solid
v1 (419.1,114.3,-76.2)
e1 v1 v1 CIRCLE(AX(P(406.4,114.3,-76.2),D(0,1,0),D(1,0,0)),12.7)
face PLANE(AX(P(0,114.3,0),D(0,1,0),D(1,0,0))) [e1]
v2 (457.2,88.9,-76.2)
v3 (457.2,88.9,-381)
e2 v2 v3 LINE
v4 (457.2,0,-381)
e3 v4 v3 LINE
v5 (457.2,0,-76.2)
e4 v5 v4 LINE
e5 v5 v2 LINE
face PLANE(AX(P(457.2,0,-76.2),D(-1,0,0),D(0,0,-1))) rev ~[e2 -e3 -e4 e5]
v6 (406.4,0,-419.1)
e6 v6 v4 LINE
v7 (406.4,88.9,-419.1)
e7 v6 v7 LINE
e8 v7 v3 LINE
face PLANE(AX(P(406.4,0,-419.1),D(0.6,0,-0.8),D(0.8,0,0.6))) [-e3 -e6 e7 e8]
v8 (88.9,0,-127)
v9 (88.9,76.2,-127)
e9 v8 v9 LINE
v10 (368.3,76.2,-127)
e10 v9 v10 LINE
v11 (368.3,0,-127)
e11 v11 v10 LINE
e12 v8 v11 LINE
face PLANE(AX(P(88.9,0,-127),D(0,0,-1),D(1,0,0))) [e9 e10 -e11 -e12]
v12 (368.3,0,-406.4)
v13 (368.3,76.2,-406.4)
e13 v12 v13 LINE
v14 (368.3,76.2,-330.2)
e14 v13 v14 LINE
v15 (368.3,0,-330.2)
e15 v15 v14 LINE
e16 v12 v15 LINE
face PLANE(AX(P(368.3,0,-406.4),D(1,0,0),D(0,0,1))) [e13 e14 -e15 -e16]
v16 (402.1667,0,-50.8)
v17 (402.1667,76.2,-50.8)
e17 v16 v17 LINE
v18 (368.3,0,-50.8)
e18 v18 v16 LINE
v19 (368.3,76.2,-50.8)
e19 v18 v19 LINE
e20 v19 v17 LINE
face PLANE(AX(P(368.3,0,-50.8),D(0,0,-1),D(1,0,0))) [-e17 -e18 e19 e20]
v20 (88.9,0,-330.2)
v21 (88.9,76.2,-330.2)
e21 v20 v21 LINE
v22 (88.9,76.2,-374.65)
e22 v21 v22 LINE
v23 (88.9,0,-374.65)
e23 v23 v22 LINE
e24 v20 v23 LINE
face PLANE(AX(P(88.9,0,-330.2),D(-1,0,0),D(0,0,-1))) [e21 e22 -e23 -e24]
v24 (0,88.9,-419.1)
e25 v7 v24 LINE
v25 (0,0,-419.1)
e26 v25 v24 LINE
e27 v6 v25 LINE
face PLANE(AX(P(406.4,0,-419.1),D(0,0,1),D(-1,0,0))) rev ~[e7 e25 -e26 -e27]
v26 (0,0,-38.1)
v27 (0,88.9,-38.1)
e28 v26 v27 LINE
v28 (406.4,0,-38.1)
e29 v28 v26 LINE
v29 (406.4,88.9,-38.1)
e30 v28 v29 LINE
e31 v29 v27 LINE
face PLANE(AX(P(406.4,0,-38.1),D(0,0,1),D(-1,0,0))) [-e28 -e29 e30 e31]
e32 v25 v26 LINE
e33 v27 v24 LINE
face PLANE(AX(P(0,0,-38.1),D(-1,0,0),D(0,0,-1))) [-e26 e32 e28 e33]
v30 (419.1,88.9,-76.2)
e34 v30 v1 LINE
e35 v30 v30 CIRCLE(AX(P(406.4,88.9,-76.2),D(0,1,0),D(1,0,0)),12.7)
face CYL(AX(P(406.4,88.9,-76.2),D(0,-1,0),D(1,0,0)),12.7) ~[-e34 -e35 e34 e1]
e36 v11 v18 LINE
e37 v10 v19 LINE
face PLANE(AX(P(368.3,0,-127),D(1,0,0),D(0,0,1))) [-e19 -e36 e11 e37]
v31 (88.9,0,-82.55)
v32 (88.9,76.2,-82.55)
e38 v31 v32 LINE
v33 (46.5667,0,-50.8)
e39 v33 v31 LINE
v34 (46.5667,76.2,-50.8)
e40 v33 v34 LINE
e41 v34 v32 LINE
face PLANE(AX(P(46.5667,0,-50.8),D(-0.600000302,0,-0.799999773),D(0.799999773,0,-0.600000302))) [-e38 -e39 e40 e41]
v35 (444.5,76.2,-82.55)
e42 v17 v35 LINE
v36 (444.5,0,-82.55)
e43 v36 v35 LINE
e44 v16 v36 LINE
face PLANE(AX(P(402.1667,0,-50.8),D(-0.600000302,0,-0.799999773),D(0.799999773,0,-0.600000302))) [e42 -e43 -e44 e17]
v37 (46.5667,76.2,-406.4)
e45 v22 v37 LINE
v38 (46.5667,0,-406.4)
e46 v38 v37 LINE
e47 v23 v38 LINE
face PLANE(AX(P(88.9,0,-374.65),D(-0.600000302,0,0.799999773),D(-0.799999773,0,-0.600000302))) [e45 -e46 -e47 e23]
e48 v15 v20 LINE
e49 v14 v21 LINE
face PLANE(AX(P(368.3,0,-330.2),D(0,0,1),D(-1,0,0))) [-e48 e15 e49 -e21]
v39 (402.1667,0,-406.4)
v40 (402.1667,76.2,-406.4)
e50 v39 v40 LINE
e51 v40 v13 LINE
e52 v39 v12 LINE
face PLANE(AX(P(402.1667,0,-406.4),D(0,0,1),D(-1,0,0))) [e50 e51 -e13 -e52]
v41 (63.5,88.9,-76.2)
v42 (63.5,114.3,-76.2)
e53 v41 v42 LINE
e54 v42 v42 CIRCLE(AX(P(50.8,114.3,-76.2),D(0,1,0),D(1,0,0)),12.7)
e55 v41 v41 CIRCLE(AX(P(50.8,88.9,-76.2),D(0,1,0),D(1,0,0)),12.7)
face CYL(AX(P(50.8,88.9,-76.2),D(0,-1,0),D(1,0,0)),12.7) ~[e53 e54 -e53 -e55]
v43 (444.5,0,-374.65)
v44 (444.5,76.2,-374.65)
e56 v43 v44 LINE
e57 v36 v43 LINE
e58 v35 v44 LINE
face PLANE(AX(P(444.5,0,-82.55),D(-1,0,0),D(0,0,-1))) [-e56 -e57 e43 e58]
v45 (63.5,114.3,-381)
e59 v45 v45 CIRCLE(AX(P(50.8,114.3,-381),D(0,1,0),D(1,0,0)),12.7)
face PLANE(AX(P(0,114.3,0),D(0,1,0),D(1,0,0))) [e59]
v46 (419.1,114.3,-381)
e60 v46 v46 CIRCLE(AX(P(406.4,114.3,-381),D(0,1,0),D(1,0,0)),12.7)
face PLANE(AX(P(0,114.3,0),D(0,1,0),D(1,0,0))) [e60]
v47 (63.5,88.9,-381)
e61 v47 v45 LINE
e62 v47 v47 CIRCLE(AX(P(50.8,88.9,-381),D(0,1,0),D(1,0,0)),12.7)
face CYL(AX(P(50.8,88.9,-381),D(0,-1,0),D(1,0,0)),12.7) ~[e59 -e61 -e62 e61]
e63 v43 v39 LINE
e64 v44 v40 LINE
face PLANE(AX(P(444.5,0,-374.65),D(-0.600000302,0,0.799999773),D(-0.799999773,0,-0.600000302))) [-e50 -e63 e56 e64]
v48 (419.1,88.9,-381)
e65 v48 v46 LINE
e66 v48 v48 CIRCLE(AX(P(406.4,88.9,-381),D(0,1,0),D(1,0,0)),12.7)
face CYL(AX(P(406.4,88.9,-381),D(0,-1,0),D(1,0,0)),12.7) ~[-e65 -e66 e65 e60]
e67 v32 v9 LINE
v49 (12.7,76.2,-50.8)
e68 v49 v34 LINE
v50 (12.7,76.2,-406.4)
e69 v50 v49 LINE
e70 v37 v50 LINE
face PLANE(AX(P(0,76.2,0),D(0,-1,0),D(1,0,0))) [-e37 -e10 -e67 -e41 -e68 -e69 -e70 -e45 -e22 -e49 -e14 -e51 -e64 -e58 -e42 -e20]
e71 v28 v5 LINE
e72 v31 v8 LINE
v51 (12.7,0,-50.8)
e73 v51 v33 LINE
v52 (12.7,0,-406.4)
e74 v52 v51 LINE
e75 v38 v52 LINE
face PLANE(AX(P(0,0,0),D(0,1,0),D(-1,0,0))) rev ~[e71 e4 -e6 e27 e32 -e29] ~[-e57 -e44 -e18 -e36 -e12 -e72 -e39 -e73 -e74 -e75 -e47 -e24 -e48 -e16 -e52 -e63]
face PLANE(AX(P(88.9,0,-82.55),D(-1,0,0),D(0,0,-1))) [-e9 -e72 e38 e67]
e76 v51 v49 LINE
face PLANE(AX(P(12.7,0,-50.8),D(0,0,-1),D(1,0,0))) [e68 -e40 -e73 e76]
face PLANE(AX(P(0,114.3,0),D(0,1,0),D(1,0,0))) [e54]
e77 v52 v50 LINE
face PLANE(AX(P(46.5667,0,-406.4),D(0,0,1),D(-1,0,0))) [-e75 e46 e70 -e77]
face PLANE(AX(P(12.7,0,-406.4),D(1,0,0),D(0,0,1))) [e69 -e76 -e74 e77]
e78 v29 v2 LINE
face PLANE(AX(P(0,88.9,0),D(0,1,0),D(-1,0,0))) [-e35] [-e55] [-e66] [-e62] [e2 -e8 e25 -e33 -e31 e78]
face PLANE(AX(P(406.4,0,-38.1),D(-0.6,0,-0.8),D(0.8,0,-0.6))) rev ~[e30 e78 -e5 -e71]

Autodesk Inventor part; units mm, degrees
ref_plane "YZ Plane" through (0, 0, 0) normal (1, 0, 0) x (0, 1, 0)
ref_plane "XZ Plane" through (0, 0, 0) normal (0, 1, 0) x (-1, 0, 0)
ref_plane "XY Plane" through (0, 0, 0) normal (0, 0, 1) x (1, 0, 0)
sketch "Sketch1" plane through (0, 0, 0) normal (0, 1, 0) x (-1, 0, 0)
  line L0 (0, 0) -> (-457.2, 0) construction
  line L1 (-457.2, -457.2) -> (0, -457.2) construction
  line L2 (0, -457.2) -> (0, 0) construction
  line L3 (0, 0) -> (0, -38.1) construction
  line L4 (0, -457.2) -> (0, -419.1) construction
  line L5 (0, -38.1) -> (0, -371.3712)
  line L6 (-457.2, -76.2) -> (-457.2, -381)
  line L7 (0, -371.3712) -> (0, -419.1)
  line L8 (-406.4, -38.1) -> (-457.2, -76.2)
  line L9 (-406.4, -419.1) -> (-457.2, -381)
  line L10 (-457.2, 0) -> (-457.2, -38.1) construction
  line L11 (-457.2, -76.2) -> (-457.2, -457.2) construction
  line L12 (-444.5, -82.55) -> (-444.5, -374.65)
  line L13 (-444.5, -374.65) -> (-402.1667, -406.4)
  line L14 (-12.7, -406.4) -> (-12.7, -371.3712)
  line L15 (-12.7, -371.3712) -> (-12.7, -50.8)
  line L16 (-402.1667, -50.8) -> (-444.5, -82.55)
  line L17 (-444.5, -82.55) -> (-444.5, -374.65)
  line L18 (-444.5, -374.65) -> (-402.1667, -406.4)
  line L19 (-12.7, -406.4) -> (-12.7, -371.3712)
  line L20 (-12.7, -371.3712) -> (-12.7, -50.8)
  line L21 (-402.1667, -50.8) -> (-444.5, -82.55)
  line L22 (-444.5, -82.55) -> (-444.5, -374.65)
  line L23 (-12.7, -406.4) -> (-12.7, -50.8)
  line L24 (-444.5, -82.55) -> (-444.5, -374.65)
  line L25 (-402.1667, -50.8) -> (-12.7, -50.8)
  line L26 (-406.4, -38.1) -> (0, -38.1)
  line L27 (-406.4, -419.1) -> (0, -419.1)
  line L28 (-402.1667, -406.4) -> (-12.7, -406.4)
  dimension "d0" = 457.2
  dimension "d1" = 457.2
  dimension "d12" = 12.7
  dimension "d13" = 12.7
extrude "Extrusion1" add sketch "Sketch1" along normal blind 88.9 contours L5 L7 L27 L9 L6 L8 L26 | L16 L25 L15 L14 L28 L13 L12
sketch "Sketch2" plane through (0, 0, 0) normal (0, -1, 0) x (1, 0, 0)
  line L0 (0, -38.1) -> (0, -419.1) projected
  line L1 (406.4, -419.1) -> (457.2, -381) projected
  line L2 (457.2, -381) -> (457.2, -76.2) projected
  line L3 (457.2, -76.2) -> (406.4, -38.1) projected
  line L4 (402.1667, -50.8) -> (444.5, -82.55)
  line L5 (444.5, -82.55) -> (444.5, -374.65)
  line L6 (444.5, -374.65) -> (402.1667, -406.4)
  line L7 (402.1667, -406.4) -> (368.3, -406.4)
  line L8 (368.3, -406.4) -> (368.3, -330.2)
  line L9 (368.3, -330.2) -> (88.9, -330.2)
  line L10 (88.9, -330.2) -> (88.9, -374.65)
  line L11 (88.9, -374.65) -> (46.5667, -406.4)
  line L12 (46.5667, -406.4) -> (12.7, -406.4)
  line L13 (12.7, -406.4) -> (12.7, -50.8)
  line L14 (12.7, -50.8) -> (46.5667, -50.8)
  line L15 (46.5667, -50.8) -> (88.9, -82.55)
  line L16 (88.9, -82.55) -> (88.9, -127)
  line L17 (88.9, -127) -> (368.3, -127)
  line L18 (368.3, -127) -> (368.3, -50.8)
  line L19 (368.3, -50.8) -> (402.1667, -50.8)
  line L20 (0, -419.1) -> (406.4, -419.1) projected
  line L21 (406.4, -38.1) -> (0, -38.1) projected
  point P0 (0, 0)
  dimension "d14" = 12.7
extrude "Extrusion2" cut sketch "Sketch2" against normal blind 76.2 contours L4 L5 L6 L7 L8 L9 L10 L11 L12 L13 L14 L15 L16 L17 L18 L19
sketch "Sketch3" plane through (0, 88.9, 0) normal (0, 1, 0) x (1, 0, 0)
  line L0 (0, 419.1) -> (0, 38.1) projected
  line L1 (406.4, 38.1) -> (457.2, 76.2) projected
  line L2 (457.2, 76.2) -> (457.2, 381) projected
  line L3 (457.2, 381) -> (406.4, 419.1) projected
  circle A0 centre (50.8, 76.2) radius 12.7
  circle A1 centre (50.8, 381) radius 12.7
  circle A2 centre (406.4, 381) radius 12.7
  circle A3 centre (406.4, 76.2) radius 12.7
  line L4 (0, 38.1) -> (406.4, 38.1) projected
  line L5 (406.4, 419.1) -> (0, 419.1) projected
  point P0 (0, 0)
  dimension "d17" = 25.4
  dimension "d18" = 25.4
  dimension "d19" = 25.4
  dimension "d20" = 25.4
extrude "Extrusion3" add sketch "Sketch3" along normal blind 25.4 contours A0 | A1 | A2 | A3
properties part number "Body Base" material "Aluminum 6061"
